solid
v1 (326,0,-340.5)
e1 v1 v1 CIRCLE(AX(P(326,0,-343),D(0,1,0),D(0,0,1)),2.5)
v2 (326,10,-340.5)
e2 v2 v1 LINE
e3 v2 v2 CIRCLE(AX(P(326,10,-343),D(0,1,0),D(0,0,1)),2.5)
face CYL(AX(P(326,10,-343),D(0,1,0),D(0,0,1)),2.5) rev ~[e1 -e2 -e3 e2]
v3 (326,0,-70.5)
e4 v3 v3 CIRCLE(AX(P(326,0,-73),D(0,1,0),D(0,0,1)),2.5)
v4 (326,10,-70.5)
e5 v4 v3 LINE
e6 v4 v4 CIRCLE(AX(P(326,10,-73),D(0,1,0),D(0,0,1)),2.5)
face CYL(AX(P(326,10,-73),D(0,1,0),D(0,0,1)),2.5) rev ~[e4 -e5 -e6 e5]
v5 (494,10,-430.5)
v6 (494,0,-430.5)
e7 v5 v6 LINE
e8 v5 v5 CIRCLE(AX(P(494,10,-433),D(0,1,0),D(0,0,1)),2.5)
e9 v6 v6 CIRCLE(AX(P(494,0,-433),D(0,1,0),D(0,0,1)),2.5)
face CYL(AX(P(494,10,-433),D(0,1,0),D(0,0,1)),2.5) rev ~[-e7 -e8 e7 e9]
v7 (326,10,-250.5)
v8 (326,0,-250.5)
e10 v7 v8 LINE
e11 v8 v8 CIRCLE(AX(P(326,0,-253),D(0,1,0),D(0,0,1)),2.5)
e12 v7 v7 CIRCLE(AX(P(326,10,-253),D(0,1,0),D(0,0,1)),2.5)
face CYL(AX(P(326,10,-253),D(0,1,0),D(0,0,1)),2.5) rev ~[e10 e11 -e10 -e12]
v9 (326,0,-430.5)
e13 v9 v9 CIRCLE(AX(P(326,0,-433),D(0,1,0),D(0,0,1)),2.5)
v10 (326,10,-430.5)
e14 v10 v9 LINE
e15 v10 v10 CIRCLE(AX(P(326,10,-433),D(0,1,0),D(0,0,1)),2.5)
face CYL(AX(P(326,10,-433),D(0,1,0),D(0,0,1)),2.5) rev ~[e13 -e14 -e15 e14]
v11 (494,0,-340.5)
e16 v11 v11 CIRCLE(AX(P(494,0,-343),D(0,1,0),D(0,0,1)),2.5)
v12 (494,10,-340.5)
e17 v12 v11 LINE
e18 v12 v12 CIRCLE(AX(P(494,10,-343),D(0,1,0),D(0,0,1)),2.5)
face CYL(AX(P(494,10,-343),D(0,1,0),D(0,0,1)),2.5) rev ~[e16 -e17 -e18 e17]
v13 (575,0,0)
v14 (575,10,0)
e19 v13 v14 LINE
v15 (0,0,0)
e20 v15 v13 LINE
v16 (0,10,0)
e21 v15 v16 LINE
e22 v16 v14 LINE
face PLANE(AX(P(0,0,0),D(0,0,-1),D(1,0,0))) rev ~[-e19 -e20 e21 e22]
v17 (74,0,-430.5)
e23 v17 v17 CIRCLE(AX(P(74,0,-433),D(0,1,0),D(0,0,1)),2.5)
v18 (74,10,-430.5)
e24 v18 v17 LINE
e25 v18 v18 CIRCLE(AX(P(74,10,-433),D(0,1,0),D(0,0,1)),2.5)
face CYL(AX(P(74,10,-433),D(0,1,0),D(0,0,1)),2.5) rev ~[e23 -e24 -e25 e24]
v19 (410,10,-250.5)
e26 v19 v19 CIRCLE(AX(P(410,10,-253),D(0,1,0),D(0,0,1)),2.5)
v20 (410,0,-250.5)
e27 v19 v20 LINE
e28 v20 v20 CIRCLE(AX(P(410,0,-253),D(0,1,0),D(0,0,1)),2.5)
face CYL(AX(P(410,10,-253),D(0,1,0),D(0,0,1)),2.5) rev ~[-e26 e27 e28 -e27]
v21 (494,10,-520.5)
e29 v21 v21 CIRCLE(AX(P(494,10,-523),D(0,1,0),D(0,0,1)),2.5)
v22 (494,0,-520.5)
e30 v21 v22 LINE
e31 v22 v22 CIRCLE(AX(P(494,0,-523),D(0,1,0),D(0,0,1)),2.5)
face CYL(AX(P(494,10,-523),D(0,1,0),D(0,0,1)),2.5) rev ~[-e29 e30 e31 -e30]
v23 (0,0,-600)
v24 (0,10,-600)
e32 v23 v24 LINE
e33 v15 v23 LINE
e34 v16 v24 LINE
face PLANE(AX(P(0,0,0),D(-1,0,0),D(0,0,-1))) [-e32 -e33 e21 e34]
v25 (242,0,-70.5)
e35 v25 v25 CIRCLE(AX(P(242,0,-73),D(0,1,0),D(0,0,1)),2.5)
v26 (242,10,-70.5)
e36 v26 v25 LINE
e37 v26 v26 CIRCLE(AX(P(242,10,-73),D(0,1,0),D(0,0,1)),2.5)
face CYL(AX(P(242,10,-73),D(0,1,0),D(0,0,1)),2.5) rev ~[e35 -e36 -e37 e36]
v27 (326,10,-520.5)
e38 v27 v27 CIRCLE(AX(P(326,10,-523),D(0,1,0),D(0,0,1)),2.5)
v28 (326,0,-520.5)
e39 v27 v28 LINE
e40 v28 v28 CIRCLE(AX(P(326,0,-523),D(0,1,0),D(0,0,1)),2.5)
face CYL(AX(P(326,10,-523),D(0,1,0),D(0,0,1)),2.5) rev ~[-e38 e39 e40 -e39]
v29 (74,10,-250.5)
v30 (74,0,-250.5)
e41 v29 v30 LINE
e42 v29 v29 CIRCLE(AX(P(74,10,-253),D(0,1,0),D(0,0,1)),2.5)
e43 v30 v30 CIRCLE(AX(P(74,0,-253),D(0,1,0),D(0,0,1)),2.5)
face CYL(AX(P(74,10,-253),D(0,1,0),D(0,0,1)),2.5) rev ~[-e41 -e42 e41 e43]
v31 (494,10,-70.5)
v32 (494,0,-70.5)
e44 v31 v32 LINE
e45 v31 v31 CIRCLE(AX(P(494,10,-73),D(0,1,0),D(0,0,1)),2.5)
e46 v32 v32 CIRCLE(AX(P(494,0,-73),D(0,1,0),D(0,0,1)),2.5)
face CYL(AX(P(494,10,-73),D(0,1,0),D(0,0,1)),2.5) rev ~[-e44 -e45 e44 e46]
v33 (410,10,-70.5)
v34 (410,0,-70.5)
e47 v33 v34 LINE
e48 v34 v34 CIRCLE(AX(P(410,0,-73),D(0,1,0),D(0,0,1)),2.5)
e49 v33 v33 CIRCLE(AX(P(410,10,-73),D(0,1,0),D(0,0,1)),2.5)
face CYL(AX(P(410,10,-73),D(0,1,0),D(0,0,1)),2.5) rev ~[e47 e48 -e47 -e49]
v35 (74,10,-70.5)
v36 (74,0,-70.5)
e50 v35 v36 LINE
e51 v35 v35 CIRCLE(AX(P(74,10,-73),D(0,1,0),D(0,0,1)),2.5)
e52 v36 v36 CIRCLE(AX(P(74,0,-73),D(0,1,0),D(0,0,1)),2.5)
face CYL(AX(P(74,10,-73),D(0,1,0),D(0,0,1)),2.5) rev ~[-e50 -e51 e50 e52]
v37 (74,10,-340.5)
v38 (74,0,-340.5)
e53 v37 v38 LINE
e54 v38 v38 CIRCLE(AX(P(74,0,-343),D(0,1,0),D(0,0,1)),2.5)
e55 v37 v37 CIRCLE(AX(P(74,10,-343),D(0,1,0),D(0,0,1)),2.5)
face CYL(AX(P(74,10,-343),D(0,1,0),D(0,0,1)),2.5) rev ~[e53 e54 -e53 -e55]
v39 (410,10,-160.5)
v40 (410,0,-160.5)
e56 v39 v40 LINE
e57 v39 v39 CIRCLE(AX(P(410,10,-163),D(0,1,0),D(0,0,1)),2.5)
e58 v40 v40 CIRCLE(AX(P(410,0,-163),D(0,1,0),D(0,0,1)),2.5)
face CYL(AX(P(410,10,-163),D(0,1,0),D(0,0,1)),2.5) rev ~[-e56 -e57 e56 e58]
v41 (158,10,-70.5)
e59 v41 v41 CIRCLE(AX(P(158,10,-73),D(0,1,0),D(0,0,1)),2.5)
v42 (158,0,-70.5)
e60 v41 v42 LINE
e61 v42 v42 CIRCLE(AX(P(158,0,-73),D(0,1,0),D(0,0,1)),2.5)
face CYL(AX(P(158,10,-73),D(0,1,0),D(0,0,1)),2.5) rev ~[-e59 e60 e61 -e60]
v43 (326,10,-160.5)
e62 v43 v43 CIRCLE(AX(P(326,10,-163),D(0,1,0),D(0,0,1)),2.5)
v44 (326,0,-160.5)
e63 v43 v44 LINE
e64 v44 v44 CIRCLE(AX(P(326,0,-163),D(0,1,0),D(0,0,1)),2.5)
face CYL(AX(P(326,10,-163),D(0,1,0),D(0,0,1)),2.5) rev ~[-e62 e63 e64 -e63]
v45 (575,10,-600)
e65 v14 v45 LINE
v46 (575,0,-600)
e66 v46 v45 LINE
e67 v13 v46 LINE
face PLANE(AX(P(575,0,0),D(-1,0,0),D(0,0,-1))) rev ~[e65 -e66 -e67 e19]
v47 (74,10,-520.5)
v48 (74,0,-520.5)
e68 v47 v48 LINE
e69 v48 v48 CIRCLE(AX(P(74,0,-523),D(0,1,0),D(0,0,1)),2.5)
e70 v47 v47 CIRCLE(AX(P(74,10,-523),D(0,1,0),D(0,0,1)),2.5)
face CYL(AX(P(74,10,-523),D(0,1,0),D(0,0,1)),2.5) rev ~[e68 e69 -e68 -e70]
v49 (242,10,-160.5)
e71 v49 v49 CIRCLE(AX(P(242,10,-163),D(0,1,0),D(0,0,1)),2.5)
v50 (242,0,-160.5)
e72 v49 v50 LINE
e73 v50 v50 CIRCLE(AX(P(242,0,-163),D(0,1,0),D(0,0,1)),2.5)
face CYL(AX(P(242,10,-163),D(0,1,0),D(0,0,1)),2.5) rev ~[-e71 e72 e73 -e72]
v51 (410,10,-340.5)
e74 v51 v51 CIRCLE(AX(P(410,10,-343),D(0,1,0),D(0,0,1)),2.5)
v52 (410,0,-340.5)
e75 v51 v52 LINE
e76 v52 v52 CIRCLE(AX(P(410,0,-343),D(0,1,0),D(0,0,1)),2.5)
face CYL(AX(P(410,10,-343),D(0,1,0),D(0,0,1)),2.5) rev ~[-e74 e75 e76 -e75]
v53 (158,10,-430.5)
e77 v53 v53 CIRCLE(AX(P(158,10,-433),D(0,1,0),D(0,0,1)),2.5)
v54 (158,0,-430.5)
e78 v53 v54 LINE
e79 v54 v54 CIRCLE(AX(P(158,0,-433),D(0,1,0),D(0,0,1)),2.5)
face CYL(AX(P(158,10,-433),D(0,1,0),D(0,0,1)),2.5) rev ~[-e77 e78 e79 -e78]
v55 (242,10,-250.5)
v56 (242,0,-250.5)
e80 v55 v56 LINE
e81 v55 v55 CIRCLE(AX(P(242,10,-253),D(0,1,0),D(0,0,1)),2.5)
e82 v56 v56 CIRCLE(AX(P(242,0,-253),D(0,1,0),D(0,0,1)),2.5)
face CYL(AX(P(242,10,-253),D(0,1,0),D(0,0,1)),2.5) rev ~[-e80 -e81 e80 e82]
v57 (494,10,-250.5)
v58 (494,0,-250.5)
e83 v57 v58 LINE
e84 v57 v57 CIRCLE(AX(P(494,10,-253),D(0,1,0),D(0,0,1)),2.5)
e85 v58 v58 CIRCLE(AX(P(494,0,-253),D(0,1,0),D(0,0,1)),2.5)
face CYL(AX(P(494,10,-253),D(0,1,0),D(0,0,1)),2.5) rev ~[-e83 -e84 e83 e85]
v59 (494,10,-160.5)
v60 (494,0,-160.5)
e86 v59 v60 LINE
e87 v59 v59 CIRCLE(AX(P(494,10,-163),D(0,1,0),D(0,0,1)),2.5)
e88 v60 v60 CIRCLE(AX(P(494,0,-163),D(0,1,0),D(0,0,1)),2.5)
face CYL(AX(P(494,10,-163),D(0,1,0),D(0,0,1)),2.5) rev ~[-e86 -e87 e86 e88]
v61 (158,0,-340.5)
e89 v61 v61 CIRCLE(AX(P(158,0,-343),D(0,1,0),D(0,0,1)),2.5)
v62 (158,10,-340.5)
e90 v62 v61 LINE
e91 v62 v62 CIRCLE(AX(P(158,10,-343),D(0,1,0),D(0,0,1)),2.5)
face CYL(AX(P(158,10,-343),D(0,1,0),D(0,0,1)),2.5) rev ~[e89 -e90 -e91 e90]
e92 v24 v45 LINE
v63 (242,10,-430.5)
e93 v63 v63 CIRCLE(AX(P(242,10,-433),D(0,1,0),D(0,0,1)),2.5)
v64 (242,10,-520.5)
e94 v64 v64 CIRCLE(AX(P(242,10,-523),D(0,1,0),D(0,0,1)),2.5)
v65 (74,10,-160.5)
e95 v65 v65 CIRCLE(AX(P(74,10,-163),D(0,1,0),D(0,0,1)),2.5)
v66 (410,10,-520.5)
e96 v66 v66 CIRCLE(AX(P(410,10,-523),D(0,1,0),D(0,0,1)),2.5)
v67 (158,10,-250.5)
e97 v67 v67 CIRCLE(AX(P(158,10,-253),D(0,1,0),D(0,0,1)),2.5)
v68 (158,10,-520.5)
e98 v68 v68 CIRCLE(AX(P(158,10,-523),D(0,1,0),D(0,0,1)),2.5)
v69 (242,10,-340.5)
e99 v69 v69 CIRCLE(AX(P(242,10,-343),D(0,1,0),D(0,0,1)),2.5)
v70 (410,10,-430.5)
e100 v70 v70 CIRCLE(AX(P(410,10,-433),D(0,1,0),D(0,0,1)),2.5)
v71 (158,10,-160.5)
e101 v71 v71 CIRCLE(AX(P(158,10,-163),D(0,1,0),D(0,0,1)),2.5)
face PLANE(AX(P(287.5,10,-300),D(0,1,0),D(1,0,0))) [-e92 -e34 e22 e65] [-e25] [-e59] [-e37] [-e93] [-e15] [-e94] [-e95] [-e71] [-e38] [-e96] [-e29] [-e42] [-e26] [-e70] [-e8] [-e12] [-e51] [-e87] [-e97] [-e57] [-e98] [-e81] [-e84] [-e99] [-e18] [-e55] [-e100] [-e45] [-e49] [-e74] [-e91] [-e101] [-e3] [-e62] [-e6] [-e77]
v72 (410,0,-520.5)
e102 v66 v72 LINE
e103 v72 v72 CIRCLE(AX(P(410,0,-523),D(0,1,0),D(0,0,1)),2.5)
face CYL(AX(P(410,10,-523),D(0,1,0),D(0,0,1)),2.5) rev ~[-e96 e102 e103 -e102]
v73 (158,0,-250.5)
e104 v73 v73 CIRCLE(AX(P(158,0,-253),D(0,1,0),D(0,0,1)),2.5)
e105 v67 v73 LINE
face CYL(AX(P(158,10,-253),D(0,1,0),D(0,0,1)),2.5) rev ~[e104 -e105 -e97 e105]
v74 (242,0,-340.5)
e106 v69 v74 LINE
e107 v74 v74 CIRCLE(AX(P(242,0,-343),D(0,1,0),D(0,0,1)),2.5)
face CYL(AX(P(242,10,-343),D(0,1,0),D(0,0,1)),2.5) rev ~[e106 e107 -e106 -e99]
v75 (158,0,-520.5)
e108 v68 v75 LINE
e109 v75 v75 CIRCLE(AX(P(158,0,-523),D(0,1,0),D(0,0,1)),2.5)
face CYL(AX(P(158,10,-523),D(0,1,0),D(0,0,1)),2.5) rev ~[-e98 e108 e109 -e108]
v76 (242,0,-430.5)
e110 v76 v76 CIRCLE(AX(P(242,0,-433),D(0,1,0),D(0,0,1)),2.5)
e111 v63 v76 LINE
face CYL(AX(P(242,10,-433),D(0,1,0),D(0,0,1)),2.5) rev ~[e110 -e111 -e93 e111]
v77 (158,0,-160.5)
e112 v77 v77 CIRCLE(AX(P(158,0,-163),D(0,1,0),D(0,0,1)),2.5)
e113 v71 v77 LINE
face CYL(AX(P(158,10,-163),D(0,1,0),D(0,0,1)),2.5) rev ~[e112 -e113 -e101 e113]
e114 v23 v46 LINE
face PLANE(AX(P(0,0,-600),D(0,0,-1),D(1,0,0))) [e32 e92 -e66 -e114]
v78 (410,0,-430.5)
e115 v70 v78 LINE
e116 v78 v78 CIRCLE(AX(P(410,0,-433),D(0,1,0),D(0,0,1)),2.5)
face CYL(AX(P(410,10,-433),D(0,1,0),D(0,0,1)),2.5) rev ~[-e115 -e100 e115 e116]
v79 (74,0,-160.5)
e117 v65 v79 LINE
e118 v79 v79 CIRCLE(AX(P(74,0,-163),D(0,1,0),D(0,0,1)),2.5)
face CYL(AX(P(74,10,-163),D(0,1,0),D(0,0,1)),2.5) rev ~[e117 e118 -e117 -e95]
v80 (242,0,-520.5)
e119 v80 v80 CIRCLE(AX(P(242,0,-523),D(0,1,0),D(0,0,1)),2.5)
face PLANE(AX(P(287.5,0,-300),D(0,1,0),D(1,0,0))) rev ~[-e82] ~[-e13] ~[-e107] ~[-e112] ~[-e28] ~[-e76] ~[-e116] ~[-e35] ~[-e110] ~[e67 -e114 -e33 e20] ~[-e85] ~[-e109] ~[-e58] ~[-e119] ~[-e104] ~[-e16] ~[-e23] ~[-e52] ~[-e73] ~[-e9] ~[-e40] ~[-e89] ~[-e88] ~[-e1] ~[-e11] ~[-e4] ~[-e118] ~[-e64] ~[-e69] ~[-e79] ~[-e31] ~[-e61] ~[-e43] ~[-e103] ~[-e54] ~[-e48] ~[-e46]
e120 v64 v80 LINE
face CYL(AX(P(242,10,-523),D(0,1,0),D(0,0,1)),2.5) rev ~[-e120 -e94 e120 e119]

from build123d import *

# Parameters (mm, degrees)
SKETCH1_W           = 575
SKETCH1_H           = 600
BOSS_EXTRUDE1_DEPTH = 10
SKETCH2_R           = 2.5
CUT_EXTRUDE1_DEPTH  = 10


with BuildPart() as part:
    # Sketch1 → Boss-Extrude1 (new body)
    with BuildSketch(Plane(origin=(0, 0, 0), x_dir=(1, 0, 0), z_dir=(0, 1, 0))):
        with Locations((287.5, 300)):
            Rectangle(SKETCH1_W, SKETCH1_H)
    extrude(amount=BOSS_EXTRUDE1_DEPTH)

    # Sketch2 → Cut-Extrude1 (cut)
    with BuildSketch(Plane(origin=(0, 10, 0), x_dir=(1, 0, 0), z_dir=(0, 1, 0))):
        with Locations(Location((74, 73, 0), (0, 0, 270))):
            Circle(SKETCH2_R)
        with Locations(Location((158, 73, 0), (0, 0, 270))):
            Circle(SKETCH2_R)
        with Locations(Location((242, 73, 0), (0, 0, 270))):
            Circle(SKETCH2_R)
        with Locations(Location((326, 73, 0), (0, 0, 270))):
            Circle(SKETCH2_R)
        with Locations(Location((410, 73, 0), (0, 0, 270))):
            Circle(SKETCH2_R)
        with Locations(Location((494, 73, 0), (0, 0, 270))):
            Circle(SKETCH2_R)
        with Locations(Location((158, 163, 0), (0, 0, 270))):
            Circle(SKETCH2_R)
        with Locations(Location((242, 163, 0), (0, 0, 270))):
            Circle(SKETCH2_R)
        with Locations(Location((326, 163, 0), (0, 0, 270))):
            Circle(SKETCH2_R)
        with Locations(Location((410, 163, 0), (0, 0, 270))):
            Circle(SKETCH2_R)
        with Locations(Location((494, 163, 0), (0, 0, 270))):
            Circle(SKETCH2_R)
        with Locations(Location((158, 253, 0), (0, 0, 270))):
            Circle(SKETCH2_R)
        with Locations(Location((242, 253, 0), (0, 0, 270))):
            Circle(SKETCH2_R)
        with Locations(Location((326, 253, 0), (0, 0, 270))):
            Circle(SKETCH2_R)
        with Locations(Location((410, 253, 0), (0, 0, 270))):
            Circle(SKETCH2_R)
        with Locations(Location((494, 253, 0), (0, 0, 270))):
            Circle(SKETCH2_R)
        with Locations(Location((158, 343, 0), (0, 0, 270))):
            Circle(SKETCH2_R)
        with Locations(Location((242, 343, 0), (0, 0, 270))):
            Circle(SKETCH2_R)
        with Locations(Location((326, 343, 0), (0, 0, 270))):
            Circle(SKETCH2_R)
        with Locations(Location((410, 343, 0), (0, 0, 270))):
            Circle(SKETCH2_R)
        with Locations(Location((494, 343, 0), (0, 0, 270))):
            Circle(SKETCH2_R)
        with Locations(Location((158, 433, 0), (0, 0, 270))):
            Circle(SKETCH2_R)
        with Locations(Location((242, 433, 0), (0, 0, 270))):
            Circle(SKETCH2_R)
        with Locations(Location((326, 433, 0), (0, 0, 270))):
            Circle(SKETCH2_R)
        with Locations(Location((410, 433, 0), (0, 0, 270))):
            Circle(SKETCH2_R)
        with Locations(Location((494, 433, 0), (0, 0, 270))):
            Circle(SKETCH2_R)
        with Locations(Location((158, 523, 0), (0, 0, 270))):
            Circle(SKETCH2_R)
        with Locations(Location((242, 523, 0), (0, 0, 270))):
            Circle(SKETCH2_R)
        with Locations(Location((326, 523, 0), (0, 0, 270))):
            Circle(SKETCH2_R)
        with Locations(Location((410, 523, 0), (0, 0, 270))):
            Circle(SKETCH2_R)
        with Locations(Location((494, 523, 0), (0, 0, 270))):
            Circle(SKETCH2_R)
        with Locations(Location((74, 163, 0), (0, 0, 270))):
            Circle(SKETCH2_R)
        with Locations(Location((74, 253, 0), (0, 0, 270))):
            Circle(SKETCH2_R)
        with Locations(Location((74, 343, 0), (0, 0, 270))):
            Circle(SKETCH2_R)
        with Locations(Location((74, 433, 0), (0, 0, 270))):
            Circle(SKETCH2_R)
        with Locations(Location((74, 523, 0), (0, 0, 270))):
            Circle(SKETCH2_R)
    extrude(amount=-CUT_EXTRUDE1_DEPTH, mode=Mode.SUBTRACT)


solid = part.part
